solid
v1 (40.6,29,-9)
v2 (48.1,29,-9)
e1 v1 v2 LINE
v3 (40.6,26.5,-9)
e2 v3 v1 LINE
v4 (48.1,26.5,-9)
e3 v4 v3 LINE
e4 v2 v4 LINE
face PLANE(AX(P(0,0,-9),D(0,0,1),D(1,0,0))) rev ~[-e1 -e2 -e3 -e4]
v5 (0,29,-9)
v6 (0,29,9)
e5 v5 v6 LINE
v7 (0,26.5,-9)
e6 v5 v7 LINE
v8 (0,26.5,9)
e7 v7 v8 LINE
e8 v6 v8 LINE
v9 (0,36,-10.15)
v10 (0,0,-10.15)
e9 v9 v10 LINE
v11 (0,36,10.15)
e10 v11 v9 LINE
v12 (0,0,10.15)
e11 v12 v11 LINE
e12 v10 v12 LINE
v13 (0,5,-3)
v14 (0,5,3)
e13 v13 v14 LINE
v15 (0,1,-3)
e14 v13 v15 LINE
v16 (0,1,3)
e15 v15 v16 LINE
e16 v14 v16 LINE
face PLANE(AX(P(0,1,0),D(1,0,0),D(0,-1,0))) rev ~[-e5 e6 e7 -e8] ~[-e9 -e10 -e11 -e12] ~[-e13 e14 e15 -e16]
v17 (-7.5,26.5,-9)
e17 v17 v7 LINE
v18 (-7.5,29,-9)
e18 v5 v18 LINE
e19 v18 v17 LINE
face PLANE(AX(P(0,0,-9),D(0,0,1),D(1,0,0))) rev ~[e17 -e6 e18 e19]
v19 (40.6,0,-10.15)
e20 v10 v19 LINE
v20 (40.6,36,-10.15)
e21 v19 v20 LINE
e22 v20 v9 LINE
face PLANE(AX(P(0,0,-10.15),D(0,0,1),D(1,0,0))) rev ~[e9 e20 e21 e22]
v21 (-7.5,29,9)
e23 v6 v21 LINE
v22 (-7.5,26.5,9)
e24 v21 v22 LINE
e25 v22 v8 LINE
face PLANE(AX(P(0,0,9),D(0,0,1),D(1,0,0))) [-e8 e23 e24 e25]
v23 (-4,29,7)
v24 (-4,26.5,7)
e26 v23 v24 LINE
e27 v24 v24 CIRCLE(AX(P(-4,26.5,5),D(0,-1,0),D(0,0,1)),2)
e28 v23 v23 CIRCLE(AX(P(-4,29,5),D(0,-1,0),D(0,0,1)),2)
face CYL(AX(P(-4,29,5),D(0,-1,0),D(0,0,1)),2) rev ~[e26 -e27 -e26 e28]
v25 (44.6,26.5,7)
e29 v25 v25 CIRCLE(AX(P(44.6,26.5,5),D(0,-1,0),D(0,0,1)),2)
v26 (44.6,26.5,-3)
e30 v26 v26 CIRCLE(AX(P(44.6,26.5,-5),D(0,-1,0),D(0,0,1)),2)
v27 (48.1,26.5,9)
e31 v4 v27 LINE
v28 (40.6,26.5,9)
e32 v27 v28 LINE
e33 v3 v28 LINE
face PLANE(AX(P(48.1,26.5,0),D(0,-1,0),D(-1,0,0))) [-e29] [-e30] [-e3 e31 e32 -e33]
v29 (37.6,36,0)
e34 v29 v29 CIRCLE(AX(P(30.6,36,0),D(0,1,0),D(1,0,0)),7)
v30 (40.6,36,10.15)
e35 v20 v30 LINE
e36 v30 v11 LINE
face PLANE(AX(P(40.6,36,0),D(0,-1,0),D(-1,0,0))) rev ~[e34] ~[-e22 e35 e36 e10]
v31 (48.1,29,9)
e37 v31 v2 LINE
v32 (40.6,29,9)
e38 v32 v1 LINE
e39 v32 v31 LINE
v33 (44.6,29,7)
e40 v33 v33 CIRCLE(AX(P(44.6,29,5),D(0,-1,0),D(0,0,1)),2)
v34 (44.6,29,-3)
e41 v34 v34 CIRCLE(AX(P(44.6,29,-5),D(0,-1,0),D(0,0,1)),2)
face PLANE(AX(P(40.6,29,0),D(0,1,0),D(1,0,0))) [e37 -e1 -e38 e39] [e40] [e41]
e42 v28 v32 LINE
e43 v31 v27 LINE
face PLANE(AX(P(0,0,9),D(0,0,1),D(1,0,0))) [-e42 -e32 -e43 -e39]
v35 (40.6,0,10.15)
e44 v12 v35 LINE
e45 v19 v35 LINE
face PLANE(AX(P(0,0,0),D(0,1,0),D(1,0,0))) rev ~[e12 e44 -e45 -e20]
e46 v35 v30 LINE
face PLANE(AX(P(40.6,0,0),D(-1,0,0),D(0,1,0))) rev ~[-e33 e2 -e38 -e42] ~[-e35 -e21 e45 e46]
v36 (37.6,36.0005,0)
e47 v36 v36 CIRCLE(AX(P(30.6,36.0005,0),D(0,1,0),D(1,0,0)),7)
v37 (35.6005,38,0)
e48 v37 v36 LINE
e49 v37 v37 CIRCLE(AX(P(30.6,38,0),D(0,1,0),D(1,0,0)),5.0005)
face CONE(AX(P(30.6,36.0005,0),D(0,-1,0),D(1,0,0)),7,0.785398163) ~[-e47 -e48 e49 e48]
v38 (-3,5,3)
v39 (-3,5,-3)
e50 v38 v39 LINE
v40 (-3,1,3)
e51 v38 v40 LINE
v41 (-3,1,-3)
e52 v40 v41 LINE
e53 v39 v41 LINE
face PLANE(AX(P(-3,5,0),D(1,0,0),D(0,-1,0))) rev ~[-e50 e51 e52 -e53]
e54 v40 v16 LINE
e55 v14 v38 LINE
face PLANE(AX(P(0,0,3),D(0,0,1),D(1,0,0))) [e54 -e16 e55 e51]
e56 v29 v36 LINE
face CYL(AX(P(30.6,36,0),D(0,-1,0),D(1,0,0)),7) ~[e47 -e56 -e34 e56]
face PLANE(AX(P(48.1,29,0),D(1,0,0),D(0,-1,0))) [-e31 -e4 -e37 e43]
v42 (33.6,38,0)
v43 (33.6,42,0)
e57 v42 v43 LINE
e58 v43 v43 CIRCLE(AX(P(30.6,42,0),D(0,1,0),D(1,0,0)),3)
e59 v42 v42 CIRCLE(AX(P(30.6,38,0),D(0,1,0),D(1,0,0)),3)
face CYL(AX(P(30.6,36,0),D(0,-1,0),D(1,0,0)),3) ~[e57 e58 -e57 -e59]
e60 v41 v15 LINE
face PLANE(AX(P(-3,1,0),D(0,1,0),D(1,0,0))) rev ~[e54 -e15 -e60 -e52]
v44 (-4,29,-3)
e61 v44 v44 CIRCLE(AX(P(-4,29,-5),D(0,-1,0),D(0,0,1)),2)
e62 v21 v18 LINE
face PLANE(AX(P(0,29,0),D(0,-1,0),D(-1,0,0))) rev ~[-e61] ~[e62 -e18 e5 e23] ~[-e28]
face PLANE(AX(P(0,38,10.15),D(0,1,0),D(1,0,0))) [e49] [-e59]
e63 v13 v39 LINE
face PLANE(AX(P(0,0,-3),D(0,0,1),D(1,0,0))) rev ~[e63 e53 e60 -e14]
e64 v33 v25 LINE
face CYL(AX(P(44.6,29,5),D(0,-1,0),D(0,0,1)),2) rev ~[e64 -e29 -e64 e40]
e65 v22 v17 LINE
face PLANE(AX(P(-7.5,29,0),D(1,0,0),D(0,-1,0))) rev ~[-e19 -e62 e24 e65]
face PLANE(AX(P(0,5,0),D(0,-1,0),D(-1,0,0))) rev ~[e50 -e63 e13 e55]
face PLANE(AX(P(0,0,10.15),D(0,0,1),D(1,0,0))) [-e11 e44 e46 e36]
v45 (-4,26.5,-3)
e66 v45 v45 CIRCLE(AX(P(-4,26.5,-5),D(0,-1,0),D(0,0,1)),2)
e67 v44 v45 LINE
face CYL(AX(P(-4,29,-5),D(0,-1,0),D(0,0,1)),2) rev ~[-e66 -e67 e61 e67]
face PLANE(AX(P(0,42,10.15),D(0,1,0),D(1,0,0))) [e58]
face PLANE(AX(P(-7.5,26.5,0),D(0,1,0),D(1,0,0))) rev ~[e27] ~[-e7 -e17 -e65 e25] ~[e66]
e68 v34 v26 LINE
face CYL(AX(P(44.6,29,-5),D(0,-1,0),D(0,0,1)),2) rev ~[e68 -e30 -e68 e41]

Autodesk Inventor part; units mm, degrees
ref_plane "YZ Plane" through (0, 0, 0) normal (1, 0, 0) x (0, 1, 0)
ref_plane "XZ Plane" through (0, 0, 0) normal (0, 1, 0) x (-1, 0, 0)
ref_plane "XY Plane" through (0, 0, 0) normal (0, 0, 1) x (1, 0, 0)
sketch "Sketch1" plane through (0, 0, 0) normal (0, 0, 1) x (1, 0, 0)
  line L0 (0, 0) -> (40.6, 0)
  line L1 (40.6, 0) -> (40.6, 36)
  line L2 (40.6, 36) -> (0, 36)
  line L3 (0, 36) -> (0, 0)
  line L4 (0, 29) -> (-7.5, 29)
  line L5 (-7.5, 29) -> (-7.5, 26.5)
  line L6 (-7.5, 26.5) -> (0, 26.5)
  line L7 (0, 26.5) -> (0, 29)
  line L8 (40.6, 29) -> (48.1, 29)
  line L9 (48.1, 29) -> (48.1, 26.5)
  line L10 (48.1, 26.5) -> (40.6, 26.5)
  line L11 (40.6, 26.5) -> (40.6, 29)
  line L12 (0, 5) -> (-3, 5)
  line L13 (-3, 5) -> (-3, 1)
  line L14 (-3, 1) -> (0, 1)
  line L15 (0, 1) -> (0, 5)
  dimension "d0" = 40.6
  dimension "d1" = 36
  dimension "d2" = 7.5
  dimension "d3" = 2.5
  dimension "d4" = 7
  dimension "d5" = 3
  dimension "d6" = 4
  dimension "d7" = 1
extrude "Extrusion1" add sketch "Sketch1" along normal mid plane 20.3 contours L3 L2 L1 L0
extrude "Extrusion2" add sketch "Sketch1" along normal mid plane 18 contours L1 L8 L9 L10 | L6 L5 L4 L3
extrude "Extrusion3" add sketch "Sketch1" along normal mid plane 6 contours L14 L13 L12 L3
sketch "Sketch2" plane through (-7.5, 29, 9) normal (0, 1, 0) x (1, 0, 0)
  line L0 (0, 18) -> (0, 0) projected
  line L1 (7.5, 18) -> (7.5, 0) projected
  line L2 (48.1, 0) -> (48.1, 18) projected
  line L3 (55.6, 0) -> (48.1, 0) projected
  line L4 (55.6, 18) -> (55.6, 0) projected
  line L5 (48.1, 18) -> (55.6, 18) projected
  line L6 (3.5, 14) -> (3.5, 4) construction
  line L7 (0, 9) -> (55.6, 9) construction
  line L8 (52.1, 14) -> (52.1, 4) construction
  line L9 (3.5, 4) -> (52.1, 4) construction
  line L10 (52.1, 14) -> (3.5, 14) construction
  point P0 (7.5, 9)
  dimension "d14" = 3.5
  dimension "d15" = 3.5
  dimension "d16" = 10
hole "Hole1" at (-4, 29, -5) at (-4, 29, 5) at (44.6, 29, 5) at (44.6, 29, -5) direction (0, -1, 0) diameter 4 end through all
sketch "Sketch3" plane through (0, 36, 10.15) normal (0, 1, 0) x (1, 0, 0)
  line L0 (40.6, 20.3) -> (40.6, 0) projected
  line L1 (0, 20.3) -> (40.6, 20.3) projected
  circle A0 centre (30.6, 10.15) radius 7
  line L2 (0, 10.15) -> (30.6, 10.15) construction
  circle A1 centre (30.6, 10.15) radius 3
  dimension "d24" = 10
  dimension "d25" = 14
  dimension "d26" = 6
extrude "Extrusion4" add sketch "Sketch3" along normal blind 2
extrude "Extrusion5" add sketch "Sketch3" along normal blind 6 contours A1
chamfer "Chamfer1" distance 2 angle 45 1 edges at (23.6, 38, 0)
properties part number "servo HK15138"
